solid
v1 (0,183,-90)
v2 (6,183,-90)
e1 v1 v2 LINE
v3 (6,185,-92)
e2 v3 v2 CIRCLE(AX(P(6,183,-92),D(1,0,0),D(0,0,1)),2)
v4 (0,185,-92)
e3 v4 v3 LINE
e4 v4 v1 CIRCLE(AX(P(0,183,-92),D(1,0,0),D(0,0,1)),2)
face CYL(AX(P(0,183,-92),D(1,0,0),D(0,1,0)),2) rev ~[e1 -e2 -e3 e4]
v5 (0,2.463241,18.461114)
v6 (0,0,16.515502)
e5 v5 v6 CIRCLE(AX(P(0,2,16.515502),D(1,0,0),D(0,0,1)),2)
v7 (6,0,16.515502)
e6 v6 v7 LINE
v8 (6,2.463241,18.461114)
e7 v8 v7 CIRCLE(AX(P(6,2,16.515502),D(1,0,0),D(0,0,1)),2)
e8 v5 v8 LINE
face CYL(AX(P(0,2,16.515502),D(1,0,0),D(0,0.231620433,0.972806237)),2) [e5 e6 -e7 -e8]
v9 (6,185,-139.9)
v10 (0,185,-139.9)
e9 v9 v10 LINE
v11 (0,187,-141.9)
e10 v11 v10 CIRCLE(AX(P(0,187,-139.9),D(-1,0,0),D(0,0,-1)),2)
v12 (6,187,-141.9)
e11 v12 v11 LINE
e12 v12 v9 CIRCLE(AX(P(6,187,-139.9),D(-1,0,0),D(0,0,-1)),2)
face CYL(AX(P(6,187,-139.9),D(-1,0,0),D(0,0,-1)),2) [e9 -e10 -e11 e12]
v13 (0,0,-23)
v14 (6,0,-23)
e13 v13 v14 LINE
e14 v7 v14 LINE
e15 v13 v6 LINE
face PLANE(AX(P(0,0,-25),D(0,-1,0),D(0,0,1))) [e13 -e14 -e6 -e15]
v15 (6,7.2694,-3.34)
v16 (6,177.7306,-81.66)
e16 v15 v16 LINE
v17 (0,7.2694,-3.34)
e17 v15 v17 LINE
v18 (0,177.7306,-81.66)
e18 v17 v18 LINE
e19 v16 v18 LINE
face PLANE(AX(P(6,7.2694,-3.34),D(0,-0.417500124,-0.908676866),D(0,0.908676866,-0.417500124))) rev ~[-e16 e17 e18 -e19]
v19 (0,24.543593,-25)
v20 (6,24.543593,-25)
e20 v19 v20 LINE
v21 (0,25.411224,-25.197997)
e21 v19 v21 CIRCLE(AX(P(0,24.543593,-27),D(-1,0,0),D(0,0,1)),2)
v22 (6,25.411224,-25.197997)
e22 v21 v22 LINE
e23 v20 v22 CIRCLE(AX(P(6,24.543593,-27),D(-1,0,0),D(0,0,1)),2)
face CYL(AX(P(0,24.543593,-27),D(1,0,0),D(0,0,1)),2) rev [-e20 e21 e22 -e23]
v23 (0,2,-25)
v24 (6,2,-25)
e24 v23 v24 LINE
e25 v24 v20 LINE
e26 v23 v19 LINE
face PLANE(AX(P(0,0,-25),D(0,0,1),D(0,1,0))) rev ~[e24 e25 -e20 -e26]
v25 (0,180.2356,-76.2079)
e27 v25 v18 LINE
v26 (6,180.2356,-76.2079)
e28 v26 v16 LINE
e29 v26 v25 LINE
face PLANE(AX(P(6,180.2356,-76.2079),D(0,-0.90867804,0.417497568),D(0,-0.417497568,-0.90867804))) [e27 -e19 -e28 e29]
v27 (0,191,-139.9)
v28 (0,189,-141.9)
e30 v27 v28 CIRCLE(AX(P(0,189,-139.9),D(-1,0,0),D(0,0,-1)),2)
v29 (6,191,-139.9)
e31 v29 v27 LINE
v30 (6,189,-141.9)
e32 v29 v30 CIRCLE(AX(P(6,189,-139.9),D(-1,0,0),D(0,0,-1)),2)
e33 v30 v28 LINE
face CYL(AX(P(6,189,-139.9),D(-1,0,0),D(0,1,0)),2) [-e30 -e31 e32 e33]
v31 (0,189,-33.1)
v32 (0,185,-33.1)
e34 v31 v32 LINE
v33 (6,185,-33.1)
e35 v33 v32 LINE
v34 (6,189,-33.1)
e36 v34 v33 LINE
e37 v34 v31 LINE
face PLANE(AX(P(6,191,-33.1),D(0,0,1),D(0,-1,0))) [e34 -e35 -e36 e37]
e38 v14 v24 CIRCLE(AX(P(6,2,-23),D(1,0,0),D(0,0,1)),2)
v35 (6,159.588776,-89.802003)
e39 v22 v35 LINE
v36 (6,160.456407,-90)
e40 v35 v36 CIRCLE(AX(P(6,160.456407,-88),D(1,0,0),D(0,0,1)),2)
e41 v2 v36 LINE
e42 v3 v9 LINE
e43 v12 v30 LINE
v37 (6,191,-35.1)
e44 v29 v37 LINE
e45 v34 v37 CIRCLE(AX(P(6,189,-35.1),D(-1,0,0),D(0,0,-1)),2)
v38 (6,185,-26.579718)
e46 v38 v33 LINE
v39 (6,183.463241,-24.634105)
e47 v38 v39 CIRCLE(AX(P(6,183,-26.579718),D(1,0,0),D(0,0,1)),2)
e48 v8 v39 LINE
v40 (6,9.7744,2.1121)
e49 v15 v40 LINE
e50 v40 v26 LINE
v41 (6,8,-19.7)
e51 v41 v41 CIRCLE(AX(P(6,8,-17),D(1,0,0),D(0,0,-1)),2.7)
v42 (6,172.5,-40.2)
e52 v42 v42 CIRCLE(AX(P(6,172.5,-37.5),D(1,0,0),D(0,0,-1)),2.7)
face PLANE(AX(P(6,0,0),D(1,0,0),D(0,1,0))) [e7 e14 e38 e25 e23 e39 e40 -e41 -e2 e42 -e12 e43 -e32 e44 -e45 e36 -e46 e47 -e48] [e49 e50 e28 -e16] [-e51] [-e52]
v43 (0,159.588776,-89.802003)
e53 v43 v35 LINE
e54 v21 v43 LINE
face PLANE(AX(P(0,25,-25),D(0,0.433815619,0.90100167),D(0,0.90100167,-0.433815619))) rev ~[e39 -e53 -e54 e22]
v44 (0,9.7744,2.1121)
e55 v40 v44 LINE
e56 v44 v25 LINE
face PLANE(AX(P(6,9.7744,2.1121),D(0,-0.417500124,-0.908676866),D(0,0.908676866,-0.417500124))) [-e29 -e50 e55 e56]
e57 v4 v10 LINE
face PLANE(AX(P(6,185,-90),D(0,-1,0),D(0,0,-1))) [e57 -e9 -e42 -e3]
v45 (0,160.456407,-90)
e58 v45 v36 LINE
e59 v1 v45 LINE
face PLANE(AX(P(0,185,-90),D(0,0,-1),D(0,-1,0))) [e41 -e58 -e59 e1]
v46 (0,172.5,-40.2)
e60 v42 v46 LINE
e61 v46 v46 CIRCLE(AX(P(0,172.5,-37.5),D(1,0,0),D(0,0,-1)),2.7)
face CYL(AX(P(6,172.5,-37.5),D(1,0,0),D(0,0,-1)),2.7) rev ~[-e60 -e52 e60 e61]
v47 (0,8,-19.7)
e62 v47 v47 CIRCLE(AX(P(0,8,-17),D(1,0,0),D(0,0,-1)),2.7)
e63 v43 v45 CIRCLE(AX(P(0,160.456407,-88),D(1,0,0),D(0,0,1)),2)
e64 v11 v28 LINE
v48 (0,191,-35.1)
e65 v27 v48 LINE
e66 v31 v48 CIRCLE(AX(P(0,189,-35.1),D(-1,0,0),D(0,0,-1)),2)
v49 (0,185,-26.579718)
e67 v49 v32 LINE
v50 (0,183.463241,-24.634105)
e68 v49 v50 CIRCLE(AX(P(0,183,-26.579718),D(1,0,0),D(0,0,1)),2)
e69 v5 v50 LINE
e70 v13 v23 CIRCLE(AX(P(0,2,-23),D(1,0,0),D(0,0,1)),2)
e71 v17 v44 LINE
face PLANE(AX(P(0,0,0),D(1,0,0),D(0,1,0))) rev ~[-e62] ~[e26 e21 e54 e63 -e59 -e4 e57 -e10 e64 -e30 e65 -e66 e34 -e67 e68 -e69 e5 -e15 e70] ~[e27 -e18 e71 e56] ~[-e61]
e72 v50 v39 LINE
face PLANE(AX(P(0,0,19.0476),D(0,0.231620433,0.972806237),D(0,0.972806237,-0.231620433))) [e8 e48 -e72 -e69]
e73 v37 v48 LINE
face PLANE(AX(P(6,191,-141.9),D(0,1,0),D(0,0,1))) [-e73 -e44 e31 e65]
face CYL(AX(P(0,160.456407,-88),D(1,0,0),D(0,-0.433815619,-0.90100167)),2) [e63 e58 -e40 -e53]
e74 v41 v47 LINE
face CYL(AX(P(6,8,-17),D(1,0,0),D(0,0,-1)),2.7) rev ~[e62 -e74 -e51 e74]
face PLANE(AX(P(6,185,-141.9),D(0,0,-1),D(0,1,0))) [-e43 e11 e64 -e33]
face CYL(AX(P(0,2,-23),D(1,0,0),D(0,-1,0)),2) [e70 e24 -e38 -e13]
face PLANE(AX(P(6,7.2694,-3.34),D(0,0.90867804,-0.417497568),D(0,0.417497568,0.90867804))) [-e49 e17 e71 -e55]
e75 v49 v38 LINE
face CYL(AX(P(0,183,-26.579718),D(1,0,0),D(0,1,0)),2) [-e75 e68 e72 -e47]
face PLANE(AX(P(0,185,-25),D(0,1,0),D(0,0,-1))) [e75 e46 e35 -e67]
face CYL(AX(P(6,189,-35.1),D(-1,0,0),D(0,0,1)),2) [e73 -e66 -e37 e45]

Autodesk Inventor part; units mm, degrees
ref_plane "YZ Plane" through (0, 0, 0) normal (1, 0, 0) x (0, 1, 0)
ref_plane "XZ Plane" through (0, 0, 0) normal (0, 1, 0) x (-1, 0, 0)
ref_plane "XY Plane" through (0, 0, 0) normal (0, 0, 1) x (1, 0, 0)
sketch "Sketch1" plane through (0, 0, 0) normal (1, 0, 0) x (0, 1, 0)
  line L0 (0, 0) -> (0, 25) construction
  line L1 (185, -25) -> (185, -90)
  line L2 (185, -25) -> (-25, 25) construction
  line L3 (0, 0) -> (0, 19.0476)
  line L4 (0, 19.0476) -> (185, -25)
  line L5 (0, -25) -> (0, 0)
  line L6 (185, -90) -> (160, -90)
  line L7 (0, -25) -> (25, -25)
  line L8 (25, -25) -> (160, -90)
  dimension "d0" = 25
  dimension "d1" = 65
  dimension "d2" = 185
  dimension "d10" = 25
  dimension "d11" = 25
  dimension "d17" = 25
  dimension "d20" = 25
extrude "Extrusion1" add sketch "Sketch1" along normal blind 6
sketch "Sketch3" plane through (6, 0, 0) normal (1, 0, 0) x (0, 0, -1)
  line L0 (90, 185) -> (25, 185) projected
  line L1 (33.1, 185) -> (141.9, 185)
  line L2 (141.9, 185) -> (141.9, 191)
  line L3 (141.9, 191) -> (33.1, 191)
  line L4 (33.1, 191) -> (33.1, 185)
  dimension "d12" = 8.1
  dimension "d14" = 6
  dimension "d21" = 108.8
extrude "Extrusion3" add sketch "Sketch3" against normal blind 6
sketch "Sketch4" plane through (6, 0, 0) normal (1, 0, 0) x (0, 0, -1)
  line L0 (0, 0) -> (85, 185) construction
  line L1 (3.34, 7.2694) -> (-2.1121, 9.7744)
  line L2 (-2.1121, 9.7744) -> (76.2079, 180.2356)
  line L3 (76.2079, 180.2356) -> (81.66, 177.7306)
  line L4 (3.34, 7.2694) -> (81.66, 177.7306)
  dimension "d23" = 185
  dimension "d24" = 85
  dimension "d28" = 8
  dimension "d29" = 8
  dimension "d32" = 6
extrude "Extrusion4" cut sketch "Sketch4" against normal through all
sketch "Sketch5" plane through (6, 0, 0) normal (1, 0, 0) x (0, 0, -1)
  line L0 (-19.0476, 0) -> (25, 0) projected
  line L1 (25, 0) -> (25, 25) projected
  line L2 (33.1, 185) -> (25, 185) projected
  circle A0 centre (37.5, 172.5) radius 2.7
  circle A1 centre (17, 8) radius 2.7
  point P0 (0, 0)
  dimension "d34" = 12.5
  dimension "d35" = 12.5
  dimension "d36" = 5.4
  dimension "d37" = 5.4
  dimension "d38" = 8
  dimension "d39" = 8
extrude "Extrusion5" cut sketch "Sketch5" against normal through all
fillet "Fillet1" radius 2 9 edges at (3, 185, -25) (3, 191, -33.1) (3, 191, -141.9) (3, 185, -141.9) (3, 185, -90) (3, 160, -90) (3, 25, -25) (3, 0, -25) (3, 0, 19.0476)
properties part number "ControlRightPanel"
